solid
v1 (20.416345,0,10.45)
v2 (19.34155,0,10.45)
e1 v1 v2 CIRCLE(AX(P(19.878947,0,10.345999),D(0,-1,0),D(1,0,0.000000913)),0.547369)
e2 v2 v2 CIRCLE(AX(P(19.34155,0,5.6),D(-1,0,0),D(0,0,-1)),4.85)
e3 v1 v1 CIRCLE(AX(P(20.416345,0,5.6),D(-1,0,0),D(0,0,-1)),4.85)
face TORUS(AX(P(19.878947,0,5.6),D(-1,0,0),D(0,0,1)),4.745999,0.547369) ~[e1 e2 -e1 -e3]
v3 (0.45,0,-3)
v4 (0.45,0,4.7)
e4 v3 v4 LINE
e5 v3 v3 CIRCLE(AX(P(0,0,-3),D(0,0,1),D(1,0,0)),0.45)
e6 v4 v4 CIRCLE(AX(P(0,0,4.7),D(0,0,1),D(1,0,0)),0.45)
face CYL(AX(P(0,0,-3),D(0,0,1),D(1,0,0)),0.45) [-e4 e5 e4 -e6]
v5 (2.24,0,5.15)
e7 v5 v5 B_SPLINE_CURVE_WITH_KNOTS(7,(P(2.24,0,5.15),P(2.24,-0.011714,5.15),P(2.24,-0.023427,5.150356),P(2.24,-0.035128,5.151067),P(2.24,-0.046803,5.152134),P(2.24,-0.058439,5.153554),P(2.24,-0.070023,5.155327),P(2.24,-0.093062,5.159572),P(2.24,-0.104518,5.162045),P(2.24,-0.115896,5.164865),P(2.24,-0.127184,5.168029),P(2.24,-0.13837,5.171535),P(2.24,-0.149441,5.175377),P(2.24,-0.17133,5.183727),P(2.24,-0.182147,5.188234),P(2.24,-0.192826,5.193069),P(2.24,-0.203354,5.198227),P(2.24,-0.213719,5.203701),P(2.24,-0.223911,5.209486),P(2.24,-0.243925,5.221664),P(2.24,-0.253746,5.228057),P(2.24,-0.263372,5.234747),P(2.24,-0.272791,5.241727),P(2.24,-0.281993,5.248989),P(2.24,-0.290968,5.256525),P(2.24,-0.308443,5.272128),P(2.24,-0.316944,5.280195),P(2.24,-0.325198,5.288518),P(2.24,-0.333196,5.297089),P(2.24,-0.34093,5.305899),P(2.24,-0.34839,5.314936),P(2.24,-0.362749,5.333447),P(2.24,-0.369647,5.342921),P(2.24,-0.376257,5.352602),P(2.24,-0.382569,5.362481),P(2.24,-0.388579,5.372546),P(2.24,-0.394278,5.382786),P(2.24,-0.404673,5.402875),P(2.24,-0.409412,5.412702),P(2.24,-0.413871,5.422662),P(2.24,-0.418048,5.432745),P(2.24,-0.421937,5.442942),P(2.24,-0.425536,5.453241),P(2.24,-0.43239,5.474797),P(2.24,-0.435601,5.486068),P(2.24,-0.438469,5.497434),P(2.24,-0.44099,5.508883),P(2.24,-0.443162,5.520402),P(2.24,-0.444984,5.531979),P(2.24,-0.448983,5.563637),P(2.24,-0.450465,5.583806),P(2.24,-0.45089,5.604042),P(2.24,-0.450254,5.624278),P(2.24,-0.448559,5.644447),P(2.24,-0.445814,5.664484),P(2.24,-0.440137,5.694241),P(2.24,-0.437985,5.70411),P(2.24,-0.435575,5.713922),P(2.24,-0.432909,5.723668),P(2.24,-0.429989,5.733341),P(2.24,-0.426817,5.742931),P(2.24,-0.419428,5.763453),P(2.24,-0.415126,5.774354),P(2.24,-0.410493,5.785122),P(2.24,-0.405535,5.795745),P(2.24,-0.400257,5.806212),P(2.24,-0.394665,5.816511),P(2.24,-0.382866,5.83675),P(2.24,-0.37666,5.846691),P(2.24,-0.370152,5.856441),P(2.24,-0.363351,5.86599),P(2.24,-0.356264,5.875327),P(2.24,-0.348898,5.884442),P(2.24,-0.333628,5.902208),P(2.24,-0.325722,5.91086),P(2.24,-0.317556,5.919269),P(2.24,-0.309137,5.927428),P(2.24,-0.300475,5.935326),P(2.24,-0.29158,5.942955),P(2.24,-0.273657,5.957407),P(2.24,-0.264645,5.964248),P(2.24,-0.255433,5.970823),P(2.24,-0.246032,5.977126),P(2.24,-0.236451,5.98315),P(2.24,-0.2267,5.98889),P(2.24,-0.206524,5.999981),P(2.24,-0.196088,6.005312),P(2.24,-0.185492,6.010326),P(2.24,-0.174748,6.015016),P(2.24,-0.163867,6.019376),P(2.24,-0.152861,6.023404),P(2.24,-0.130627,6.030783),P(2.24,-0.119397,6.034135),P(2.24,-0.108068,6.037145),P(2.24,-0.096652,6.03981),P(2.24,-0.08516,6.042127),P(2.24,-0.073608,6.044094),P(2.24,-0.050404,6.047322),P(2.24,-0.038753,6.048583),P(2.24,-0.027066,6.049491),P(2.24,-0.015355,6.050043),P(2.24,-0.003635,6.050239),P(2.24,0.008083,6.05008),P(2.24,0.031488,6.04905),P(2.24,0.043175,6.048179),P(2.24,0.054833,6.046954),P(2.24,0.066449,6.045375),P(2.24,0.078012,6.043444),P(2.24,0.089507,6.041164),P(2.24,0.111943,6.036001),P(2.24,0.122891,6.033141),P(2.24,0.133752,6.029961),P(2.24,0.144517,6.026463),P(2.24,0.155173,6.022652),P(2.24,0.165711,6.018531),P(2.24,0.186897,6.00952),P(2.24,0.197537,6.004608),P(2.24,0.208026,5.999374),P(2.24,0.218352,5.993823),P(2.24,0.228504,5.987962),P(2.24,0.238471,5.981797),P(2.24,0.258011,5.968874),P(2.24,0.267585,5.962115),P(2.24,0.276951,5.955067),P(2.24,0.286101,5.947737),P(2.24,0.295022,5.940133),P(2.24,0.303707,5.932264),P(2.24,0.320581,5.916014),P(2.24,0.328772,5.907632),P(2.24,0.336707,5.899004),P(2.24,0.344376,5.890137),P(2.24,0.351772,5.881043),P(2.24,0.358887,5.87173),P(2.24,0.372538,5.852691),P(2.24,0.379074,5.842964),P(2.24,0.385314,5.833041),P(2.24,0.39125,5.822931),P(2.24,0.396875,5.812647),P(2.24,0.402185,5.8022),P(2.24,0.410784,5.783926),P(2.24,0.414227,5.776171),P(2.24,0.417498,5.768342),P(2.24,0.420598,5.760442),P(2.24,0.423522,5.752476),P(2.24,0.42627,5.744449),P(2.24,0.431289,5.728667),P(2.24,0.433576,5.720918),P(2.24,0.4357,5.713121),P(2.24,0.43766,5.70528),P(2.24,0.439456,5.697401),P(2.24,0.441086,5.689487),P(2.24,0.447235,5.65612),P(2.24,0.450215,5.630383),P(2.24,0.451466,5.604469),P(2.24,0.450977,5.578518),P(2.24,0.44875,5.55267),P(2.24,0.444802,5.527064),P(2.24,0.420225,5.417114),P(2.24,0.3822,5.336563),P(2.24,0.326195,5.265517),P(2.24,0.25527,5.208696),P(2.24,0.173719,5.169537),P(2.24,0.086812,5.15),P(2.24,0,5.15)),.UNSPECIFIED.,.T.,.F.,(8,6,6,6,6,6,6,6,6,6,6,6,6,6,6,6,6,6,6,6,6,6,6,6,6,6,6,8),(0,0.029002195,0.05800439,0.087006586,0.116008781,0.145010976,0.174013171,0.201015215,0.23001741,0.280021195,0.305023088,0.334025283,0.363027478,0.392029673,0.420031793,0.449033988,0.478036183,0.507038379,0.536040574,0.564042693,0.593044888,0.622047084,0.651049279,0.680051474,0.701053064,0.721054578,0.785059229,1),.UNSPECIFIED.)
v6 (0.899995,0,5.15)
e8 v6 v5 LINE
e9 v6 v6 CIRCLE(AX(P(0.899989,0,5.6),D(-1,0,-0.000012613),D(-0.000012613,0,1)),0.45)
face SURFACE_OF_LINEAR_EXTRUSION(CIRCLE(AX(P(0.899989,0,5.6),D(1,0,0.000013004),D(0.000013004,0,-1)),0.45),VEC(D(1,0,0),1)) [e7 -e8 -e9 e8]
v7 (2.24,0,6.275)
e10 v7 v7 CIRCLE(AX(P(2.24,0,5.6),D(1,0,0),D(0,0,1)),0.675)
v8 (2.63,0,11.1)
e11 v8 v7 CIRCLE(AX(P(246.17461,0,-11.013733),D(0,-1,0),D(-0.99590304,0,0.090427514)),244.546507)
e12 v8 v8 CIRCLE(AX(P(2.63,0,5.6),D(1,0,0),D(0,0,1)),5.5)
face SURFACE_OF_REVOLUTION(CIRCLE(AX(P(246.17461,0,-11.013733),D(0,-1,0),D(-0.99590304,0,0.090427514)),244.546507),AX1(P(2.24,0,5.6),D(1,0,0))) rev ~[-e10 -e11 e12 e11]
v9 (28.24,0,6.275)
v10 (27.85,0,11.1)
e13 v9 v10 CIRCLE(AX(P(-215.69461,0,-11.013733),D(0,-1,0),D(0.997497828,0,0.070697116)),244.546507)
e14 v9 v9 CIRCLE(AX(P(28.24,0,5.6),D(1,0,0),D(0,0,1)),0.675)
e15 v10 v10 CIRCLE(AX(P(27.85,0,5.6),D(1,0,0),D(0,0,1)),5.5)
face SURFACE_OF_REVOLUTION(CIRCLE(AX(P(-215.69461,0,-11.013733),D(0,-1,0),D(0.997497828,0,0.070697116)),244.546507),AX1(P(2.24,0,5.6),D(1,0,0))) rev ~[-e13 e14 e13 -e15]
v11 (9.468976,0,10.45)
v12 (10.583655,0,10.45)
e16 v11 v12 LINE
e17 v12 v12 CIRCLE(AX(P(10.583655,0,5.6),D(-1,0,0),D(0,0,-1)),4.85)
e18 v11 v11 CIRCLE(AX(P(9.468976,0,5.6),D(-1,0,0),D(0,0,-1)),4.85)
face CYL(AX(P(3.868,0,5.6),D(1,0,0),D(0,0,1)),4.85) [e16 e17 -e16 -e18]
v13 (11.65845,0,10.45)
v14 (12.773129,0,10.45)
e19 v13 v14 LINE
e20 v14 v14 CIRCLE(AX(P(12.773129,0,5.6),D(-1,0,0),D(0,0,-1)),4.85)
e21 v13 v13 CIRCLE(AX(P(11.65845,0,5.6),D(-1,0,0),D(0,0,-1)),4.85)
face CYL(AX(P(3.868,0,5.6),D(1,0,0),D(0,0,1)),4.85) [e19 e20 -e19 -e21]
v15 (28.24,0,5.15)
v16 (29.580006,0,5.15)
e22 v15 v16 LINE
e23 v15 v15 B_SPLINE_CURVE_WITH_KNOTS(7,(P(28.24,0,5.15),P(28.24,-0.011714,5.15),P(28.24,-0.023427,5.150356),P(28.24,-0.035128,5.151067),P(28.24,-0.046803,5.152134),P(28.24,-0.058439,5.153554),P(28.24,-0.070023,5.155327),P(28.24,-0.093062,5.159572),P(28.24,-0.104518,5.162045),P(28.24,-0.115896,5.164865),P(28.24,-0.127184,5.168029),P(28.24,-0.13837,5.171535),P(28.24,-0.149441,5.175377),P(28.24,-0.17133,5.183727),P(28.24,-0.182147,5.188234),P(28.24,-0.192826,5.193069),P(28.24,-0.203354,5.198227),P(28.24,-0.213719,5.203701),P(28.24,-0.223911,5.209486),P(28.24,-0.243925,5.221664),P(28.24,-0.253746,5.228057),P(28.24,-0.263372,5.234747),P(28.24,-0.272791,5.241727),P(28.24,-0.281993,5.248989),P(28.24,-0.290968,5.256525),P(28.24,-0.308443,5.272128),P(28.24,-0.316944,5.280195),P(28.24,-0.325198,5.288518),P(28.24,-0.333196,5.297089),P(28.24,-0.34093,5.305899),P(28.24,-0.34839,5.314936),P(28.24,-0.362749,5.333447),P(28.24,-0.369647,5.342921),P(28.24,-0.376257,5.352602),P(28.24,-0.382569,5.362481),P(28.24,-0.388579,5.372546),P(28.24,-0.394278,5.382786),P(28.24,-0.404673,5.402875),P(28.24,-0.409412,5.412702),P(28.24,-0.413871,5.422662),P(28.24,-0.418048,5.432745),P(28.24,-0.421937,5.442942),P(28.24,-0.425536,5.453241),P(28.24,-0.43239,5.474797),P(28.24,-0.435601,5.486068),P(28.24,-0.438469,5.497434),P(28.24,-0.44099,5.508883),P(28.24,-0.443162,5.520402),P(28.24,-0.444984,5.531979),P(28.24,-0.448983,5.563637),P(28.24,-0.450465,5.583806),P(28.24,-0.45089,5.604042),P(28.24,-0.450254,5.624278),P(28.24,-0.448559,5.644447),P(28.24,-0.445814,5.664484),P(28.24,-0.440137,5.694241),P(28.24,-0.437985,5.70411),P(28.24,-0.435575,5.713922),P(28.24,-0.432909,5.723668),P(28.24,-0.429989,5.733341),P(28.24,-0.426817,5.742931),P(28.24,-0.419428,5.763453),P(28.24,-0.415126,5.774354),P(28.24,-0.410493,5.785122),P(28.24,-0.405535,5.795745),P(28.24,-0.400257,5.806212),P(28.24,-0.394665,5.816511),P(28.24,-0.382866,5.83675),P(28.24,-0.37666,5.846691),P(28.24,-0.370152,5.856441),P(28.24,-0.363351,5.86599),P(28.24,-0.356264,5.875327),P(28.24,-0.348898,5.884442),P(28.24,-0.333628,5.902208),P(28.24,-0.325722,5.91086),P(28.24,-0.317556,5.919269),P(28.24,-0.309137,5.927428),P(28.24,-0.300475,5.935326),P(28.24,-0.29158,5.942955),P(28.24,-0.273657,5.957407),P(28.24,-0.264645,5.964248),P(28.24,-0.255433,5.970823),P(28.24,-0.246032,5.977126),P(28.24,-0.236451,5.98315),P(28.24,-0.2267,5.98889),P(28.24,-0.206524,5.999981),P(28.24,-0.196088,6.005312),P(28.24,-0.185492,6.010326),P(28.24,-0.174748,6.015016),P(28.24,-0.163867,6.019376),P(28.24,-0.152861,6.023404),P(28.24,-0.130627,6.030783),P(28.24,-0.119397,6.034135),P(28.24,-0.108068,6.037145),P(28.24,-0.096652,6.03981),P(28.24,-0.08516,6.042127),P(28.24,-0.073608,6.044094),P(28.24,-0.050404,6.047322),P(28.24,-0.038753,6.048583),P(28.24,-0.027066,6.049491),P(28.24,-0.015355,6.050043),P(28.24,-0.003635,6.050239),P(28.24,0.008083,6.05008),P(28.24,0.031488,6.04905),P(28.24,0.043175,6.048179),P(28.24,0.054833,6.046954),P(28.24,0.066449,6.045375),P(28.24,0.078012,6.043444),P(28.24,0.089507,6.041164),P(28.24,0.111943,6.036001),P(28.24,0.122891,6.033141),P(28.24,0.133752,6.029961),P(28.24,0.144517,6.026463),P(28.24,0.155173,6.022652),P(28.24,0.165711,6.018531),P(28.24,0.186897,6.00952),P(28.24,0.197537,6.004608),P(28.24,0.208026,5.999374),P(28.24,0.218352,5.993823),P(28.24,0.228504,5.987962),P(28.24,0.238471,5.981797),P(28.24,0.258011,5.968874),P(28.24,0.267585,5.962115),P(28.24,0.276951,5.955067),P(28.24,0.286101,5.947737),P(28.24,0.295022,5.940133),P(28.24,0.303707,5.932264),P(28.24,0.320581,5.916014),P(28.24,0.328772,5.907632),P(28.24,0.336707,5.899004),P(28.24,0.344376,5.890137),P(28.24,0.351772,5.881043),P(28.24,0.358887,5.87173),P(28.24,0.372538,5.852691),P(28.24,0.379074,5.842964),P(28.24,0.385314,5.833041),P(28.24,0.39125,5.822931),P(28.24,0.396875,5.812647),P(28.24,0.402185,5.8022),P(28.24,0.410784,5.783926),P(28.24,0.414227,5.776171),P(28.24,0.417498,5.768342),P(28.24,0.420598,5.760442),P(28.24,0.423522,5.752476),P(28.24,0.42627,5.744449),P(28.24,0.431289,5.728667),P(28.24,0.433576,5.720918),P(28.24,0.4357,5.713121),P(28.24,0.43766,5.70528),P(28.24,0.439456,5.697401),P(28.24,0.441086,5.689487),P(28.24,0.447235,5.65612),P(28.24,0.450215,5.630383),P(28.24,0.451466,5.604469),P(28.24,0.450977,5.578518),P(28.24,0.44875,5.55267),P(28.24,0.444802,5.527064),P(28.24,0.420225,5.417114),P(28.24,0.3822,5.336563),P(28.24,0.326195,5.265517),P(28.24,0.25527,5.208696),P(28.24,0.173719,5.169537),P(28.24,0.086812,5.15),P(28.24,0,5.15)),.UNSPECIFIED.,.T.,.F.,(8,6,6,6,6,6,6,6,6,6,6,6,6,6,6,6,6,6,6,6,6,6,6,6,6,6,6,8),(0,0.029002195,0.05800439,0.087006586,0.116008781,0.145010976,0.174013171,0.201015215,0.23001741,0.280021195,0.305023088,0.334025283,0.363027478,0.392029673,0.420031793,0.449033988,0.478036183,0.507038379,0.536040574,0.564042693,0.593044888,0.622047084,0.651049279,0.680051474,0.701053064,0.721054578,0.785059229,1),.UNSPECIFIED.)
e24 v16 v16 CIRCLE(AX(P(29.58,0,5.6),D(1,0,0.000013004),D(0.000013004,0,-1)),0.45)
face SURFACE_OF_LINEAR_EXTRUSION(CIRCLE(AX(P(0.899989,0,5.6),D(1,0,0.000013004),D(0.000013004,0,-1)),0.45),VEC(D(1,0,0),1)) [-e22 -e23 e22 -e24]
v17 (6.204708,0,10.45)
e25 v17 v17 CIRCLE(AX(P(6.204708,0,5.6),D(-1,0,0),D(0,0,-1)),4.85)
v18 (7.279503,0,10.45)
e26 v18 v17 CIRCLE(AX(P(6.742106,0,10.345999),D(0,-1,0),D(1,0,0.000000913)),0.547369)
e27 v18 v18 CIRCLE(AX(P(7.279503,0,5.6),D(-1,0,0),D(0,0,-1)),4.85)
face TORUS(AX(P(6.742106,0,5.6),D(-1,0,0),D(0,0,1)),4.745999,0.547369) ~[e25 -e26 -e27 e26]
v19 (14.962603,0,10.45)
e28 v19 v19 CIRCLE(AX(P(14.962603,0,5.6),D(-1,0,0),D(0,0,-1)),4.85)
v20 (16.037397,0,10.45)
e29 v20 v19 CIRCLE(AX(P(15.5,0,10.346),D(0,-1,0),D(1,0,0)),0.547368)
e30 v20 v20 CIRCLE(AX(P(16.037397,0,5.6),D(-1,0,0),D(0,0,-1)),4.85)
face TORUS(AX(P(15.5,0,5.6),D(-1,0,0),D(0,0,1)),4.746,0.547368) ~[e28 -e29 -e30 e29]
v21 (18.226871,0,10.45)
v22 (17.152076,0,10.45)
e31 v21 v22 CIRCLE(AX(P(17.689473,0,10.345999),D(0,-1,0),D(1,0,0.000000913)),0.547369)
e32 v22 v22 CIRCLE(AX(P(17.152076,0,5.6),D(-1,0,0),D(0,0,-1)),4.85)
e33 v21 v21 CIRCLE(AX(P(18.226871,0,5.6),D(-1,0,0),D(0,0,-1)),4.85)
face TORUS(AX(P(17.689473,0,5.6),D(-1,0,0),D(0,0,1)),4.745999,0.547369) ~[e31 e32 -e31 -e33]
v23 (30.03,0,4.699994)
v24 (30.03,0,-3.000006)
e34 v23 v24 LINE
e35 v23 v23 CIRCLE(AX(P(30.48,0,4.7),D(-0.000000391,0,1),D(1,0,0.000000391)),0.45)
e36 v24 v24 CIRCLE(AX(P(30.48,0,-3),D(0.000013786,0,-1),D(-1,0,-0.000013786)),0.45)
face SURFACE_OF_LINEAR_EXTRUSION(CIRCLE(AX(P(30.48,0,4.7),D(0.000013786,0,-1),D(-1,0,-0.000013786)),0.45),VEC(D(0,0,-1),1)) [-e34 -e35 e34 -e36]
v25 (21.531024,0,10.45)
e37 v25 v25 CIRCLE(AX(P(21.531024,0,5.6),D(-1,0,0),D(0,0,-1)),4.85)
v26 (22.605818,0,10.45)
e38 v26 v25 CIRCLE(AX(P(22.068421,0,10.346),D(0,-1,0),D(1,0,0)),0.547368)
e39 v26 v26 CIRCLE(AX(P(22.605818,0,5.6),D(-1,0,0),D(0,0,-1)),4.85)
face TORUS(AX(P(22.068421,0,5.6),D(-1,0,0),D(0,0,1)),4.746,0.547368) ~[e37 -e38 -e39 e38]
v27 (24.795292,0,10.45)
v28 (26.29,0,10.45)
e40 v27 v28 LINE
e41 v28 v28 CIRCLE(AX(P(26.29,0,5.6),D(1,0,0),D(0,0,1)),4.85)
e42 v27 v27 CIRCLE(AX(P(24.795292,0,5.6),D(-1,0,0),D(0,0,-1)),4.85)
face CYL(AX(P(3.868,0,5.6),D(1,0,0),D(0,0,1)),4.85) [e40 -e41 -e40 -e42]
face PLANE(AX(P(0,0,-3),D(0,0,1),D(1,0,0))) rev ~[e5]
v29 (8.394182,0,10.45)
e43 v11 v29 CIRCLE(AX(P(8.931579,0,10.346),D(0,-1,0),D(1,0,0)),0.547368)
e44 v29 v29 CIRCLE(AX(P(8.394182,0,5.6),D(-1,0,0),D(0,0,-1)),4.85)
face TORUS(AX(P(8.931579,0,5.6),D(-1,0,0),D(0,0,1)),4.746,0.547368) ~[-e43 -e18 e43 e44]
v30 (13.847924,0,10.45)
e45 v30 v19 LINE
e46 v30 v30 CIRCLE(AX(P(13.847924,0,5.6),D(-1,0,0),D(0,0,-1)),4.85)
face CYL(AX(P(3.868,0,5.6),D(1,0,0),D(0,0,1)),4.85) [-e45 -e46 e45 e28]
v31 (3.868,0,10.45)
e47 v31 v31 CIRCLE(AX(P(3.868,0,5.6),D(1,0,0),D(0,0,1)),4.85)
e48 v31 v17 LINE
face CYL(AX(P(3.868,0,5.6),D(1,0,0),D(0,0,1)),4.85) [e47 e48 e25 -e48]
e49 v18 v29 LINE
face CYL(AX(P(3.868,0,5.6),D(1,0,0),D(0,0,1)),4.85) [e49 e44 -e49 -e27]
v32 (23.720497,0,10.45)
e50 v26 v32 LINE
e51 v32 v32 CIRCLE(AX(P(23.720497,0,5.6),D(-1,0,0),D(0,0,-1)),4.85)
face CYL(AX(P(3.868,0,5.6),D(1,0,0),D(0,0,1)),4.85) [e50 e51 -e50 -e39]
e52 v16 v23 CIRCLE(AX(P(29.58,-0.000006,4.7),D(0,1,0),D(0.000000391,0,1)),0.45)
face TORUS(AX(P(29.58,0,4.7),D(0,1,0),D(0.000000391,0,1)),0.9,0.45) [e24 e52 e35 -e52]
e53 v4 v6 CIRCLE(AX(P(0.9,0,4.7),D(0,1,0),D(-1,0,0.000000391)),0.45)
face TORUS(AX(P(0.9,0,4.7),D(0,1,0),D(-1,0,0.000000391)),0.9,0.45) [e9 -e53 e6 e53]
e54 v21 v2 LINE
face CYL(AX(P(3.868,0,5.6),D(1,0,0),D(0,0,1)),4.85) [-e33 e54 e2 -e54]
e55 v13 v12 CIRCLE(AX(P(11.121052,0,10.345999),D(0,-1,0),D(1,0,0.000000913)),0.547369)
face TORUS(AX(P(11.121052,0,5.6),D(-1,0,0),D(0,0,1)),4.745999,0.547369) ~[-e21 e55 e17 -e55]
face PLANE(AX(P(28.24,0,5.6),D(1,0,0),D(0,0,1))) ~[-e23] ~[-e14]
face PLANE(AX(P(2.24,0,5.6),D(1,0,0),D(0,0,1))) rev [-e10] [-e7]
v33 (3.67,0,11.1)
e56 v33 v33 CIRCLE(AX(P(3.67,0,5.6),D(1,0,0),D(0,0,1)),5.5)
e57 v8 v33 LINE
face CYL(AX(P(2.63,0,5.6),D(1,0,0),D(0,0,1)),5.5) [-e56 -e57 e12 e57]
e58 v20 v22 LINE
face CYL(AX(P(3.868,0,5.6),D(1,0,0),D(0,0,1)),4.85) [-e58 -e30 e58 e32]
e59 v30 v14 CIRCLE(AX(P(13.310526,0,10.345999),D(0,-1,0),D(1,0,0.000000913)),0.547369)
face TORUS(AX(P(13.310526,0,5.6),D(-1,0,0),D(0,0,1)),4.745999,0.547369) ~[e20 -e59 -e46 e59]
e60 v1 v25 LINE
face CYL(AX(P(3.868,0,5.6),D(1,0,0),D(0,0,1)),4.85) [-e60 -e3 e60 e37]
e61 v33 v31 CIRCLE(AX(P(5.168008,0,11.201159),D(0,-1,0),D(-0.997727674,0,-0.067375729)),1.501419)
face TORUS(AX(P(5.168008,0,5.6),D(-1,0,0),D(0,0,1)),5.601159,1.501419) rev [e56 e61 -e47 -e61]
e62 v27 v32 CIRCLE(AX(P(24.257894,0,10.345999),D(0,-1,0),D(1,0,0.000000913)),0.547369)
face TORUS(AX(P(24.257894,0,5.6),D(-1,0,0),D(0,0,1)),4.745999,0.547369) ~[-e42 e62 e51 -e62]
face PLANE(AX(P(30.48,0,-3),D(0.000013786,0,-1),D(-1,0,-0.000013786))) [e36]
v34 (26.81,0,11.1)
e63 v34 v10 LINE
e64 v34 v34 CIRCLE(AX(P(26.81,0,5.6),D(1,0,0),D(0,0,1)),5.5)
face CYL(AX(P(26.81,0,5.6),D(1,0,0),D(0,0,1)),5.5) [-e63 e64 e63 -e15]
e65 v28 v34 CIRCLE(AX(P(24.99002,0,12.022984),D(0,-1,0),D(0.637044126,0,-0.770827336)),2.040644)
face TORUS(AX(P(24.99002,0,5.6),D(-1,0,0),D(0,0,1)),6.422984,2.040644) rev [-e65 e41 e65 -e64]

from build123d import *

# Parameters (mm, degrees)
SKETCH_R = 0.45


with BuildPart() as revolution:
    # Sketch002 → Revolution (revolve)
    with BuildSketch(Plane.XZ):
        with BuildLine():
            Line((2.63, 11.1), (3.67, 11.1))
            ThreePointArc((3.67, 11.1), (3.731746, 10.763652), (3.868, 10.45))
            Line((3.868, 10.45), (26.29, 10.45))
            ThreePointArc((26.29, 10.45), (26.583495, 10.748204), (26.81, 11.1))
            Line((26.81, 11.1), (27.85, 11.1))
            ThreePointArc((28.24, 6.275), (28.056939, 8.688465), (27.85, 11.1))
            Line((28.24, 5.6), (28.24, 6.275))
            Line((2.24, 5.6), (28.24, 5.6))
            Line((2.24, 5.6), (2.24, 6.275))
            ThreePointArc((2.63, 11.1), (2.423061, 8.688465), (2.24, 6.275))
        make_face()
    revolve(axis=Axis((2.24, 0, 5.6), (1, 0, 0)))


with BuildPart() as revolution001:
    # Sketch003 → Revolution001 (revolve)
    with BuildSketch(Plane.XZ):
        with BuildLine():
            ThreePointArc((7.289474, 10.346), (6.742105, 10.893368), (6.194737, 10.346))
            Line((5.1, 10.346), (6.194737, 10.346))
            Line((5.1, 10.346), (5.1, 9.246))
            Line((5.1, 9.246), (25.9, 9.246))
            Line((25.9, 9.246), (25.9, 10.346))
            Line((24.805263, 10.346), (25.9, 10.346))
            ThreePointArc((24.805263, 10.346), (24.257895, 10.893368), (23.710526, 10.346))
            Line((22.615789, 10.346), (23.710526, 10.346))
            ThreePointArc((22.615789, 10.346), (22.068421, 10.893368), (21.521053, 10.346))
            Line((20.426316, 10.346), (21.521053, 10.346))
            ThreePointArc((20.426316, 10.346), (19.878947, 10.893368), (19.331579, 10.346))
            Line((18.236842, 10.346), (19.331579, 10.346))
            ThreePointArc((18.236842, 10.346), (17.689474, 10.893368), (17.142105, 10.346))
            Line((16.047368, 10.346), (17.142105, 10.346))
            ThreePointArc((16.047368, 10.346), (15.5, 10.893368), (14.952632, 10.346))
            Line((13.857895, 10.346), (14.952632, 10.346))
            ThreePointArc((13.857895, 10.346), (13.310526, 10.893368), (12.763158, 10.346))
            Line((11.668421, 10.346), (12.763158, 10.346))
            ThreePointArc((11.668421, 10.346), (11.121053, 10.893368), (10.573684, 10.346))
            Line((9.478947, 10.346), (10.573684, 10.346))
            ThreePointArc((9.478947, 10.346), (8.931579, 10.893368), (8.384211, 10.346))
            Line((7.289474, 10.346), (8.384211, 10.346))
        make_face()
    revolve(axis=Axis((2.89, 0, 5.6), (1, 0, 0)))


with BuildPart() as sweep_mp_cp:
    # Sweep: sweep along a path in Sketch001
    with BuildLine(Plane.XZ) as sweep_path:
        Line((0, -3), (0, 4.7))
        ThreePointArc((0, 4.7), (0.2636, 5.336392), (0.899989, 5.6))
        Line((0.899989, 5.6), (29.58, 5.6))
        ThreePointArc((29.58, 5.6), (30.216396, 5.336396), (30.48, 4.7))
        Line((30.48, 4.7), (30.48, -3))
    # Sketch → Sweep (sweep)
    with BuildSketch(Plane.XY.offset(-2)):
        Circle(SKETCH_R)
    sweep(path=sweep_path.line)

    # Sweep_mp_cp: union Revolution, Revolution001
    add(revolution.part)
    add(revolution001.part)


solid = sweep_mp_cp.part
